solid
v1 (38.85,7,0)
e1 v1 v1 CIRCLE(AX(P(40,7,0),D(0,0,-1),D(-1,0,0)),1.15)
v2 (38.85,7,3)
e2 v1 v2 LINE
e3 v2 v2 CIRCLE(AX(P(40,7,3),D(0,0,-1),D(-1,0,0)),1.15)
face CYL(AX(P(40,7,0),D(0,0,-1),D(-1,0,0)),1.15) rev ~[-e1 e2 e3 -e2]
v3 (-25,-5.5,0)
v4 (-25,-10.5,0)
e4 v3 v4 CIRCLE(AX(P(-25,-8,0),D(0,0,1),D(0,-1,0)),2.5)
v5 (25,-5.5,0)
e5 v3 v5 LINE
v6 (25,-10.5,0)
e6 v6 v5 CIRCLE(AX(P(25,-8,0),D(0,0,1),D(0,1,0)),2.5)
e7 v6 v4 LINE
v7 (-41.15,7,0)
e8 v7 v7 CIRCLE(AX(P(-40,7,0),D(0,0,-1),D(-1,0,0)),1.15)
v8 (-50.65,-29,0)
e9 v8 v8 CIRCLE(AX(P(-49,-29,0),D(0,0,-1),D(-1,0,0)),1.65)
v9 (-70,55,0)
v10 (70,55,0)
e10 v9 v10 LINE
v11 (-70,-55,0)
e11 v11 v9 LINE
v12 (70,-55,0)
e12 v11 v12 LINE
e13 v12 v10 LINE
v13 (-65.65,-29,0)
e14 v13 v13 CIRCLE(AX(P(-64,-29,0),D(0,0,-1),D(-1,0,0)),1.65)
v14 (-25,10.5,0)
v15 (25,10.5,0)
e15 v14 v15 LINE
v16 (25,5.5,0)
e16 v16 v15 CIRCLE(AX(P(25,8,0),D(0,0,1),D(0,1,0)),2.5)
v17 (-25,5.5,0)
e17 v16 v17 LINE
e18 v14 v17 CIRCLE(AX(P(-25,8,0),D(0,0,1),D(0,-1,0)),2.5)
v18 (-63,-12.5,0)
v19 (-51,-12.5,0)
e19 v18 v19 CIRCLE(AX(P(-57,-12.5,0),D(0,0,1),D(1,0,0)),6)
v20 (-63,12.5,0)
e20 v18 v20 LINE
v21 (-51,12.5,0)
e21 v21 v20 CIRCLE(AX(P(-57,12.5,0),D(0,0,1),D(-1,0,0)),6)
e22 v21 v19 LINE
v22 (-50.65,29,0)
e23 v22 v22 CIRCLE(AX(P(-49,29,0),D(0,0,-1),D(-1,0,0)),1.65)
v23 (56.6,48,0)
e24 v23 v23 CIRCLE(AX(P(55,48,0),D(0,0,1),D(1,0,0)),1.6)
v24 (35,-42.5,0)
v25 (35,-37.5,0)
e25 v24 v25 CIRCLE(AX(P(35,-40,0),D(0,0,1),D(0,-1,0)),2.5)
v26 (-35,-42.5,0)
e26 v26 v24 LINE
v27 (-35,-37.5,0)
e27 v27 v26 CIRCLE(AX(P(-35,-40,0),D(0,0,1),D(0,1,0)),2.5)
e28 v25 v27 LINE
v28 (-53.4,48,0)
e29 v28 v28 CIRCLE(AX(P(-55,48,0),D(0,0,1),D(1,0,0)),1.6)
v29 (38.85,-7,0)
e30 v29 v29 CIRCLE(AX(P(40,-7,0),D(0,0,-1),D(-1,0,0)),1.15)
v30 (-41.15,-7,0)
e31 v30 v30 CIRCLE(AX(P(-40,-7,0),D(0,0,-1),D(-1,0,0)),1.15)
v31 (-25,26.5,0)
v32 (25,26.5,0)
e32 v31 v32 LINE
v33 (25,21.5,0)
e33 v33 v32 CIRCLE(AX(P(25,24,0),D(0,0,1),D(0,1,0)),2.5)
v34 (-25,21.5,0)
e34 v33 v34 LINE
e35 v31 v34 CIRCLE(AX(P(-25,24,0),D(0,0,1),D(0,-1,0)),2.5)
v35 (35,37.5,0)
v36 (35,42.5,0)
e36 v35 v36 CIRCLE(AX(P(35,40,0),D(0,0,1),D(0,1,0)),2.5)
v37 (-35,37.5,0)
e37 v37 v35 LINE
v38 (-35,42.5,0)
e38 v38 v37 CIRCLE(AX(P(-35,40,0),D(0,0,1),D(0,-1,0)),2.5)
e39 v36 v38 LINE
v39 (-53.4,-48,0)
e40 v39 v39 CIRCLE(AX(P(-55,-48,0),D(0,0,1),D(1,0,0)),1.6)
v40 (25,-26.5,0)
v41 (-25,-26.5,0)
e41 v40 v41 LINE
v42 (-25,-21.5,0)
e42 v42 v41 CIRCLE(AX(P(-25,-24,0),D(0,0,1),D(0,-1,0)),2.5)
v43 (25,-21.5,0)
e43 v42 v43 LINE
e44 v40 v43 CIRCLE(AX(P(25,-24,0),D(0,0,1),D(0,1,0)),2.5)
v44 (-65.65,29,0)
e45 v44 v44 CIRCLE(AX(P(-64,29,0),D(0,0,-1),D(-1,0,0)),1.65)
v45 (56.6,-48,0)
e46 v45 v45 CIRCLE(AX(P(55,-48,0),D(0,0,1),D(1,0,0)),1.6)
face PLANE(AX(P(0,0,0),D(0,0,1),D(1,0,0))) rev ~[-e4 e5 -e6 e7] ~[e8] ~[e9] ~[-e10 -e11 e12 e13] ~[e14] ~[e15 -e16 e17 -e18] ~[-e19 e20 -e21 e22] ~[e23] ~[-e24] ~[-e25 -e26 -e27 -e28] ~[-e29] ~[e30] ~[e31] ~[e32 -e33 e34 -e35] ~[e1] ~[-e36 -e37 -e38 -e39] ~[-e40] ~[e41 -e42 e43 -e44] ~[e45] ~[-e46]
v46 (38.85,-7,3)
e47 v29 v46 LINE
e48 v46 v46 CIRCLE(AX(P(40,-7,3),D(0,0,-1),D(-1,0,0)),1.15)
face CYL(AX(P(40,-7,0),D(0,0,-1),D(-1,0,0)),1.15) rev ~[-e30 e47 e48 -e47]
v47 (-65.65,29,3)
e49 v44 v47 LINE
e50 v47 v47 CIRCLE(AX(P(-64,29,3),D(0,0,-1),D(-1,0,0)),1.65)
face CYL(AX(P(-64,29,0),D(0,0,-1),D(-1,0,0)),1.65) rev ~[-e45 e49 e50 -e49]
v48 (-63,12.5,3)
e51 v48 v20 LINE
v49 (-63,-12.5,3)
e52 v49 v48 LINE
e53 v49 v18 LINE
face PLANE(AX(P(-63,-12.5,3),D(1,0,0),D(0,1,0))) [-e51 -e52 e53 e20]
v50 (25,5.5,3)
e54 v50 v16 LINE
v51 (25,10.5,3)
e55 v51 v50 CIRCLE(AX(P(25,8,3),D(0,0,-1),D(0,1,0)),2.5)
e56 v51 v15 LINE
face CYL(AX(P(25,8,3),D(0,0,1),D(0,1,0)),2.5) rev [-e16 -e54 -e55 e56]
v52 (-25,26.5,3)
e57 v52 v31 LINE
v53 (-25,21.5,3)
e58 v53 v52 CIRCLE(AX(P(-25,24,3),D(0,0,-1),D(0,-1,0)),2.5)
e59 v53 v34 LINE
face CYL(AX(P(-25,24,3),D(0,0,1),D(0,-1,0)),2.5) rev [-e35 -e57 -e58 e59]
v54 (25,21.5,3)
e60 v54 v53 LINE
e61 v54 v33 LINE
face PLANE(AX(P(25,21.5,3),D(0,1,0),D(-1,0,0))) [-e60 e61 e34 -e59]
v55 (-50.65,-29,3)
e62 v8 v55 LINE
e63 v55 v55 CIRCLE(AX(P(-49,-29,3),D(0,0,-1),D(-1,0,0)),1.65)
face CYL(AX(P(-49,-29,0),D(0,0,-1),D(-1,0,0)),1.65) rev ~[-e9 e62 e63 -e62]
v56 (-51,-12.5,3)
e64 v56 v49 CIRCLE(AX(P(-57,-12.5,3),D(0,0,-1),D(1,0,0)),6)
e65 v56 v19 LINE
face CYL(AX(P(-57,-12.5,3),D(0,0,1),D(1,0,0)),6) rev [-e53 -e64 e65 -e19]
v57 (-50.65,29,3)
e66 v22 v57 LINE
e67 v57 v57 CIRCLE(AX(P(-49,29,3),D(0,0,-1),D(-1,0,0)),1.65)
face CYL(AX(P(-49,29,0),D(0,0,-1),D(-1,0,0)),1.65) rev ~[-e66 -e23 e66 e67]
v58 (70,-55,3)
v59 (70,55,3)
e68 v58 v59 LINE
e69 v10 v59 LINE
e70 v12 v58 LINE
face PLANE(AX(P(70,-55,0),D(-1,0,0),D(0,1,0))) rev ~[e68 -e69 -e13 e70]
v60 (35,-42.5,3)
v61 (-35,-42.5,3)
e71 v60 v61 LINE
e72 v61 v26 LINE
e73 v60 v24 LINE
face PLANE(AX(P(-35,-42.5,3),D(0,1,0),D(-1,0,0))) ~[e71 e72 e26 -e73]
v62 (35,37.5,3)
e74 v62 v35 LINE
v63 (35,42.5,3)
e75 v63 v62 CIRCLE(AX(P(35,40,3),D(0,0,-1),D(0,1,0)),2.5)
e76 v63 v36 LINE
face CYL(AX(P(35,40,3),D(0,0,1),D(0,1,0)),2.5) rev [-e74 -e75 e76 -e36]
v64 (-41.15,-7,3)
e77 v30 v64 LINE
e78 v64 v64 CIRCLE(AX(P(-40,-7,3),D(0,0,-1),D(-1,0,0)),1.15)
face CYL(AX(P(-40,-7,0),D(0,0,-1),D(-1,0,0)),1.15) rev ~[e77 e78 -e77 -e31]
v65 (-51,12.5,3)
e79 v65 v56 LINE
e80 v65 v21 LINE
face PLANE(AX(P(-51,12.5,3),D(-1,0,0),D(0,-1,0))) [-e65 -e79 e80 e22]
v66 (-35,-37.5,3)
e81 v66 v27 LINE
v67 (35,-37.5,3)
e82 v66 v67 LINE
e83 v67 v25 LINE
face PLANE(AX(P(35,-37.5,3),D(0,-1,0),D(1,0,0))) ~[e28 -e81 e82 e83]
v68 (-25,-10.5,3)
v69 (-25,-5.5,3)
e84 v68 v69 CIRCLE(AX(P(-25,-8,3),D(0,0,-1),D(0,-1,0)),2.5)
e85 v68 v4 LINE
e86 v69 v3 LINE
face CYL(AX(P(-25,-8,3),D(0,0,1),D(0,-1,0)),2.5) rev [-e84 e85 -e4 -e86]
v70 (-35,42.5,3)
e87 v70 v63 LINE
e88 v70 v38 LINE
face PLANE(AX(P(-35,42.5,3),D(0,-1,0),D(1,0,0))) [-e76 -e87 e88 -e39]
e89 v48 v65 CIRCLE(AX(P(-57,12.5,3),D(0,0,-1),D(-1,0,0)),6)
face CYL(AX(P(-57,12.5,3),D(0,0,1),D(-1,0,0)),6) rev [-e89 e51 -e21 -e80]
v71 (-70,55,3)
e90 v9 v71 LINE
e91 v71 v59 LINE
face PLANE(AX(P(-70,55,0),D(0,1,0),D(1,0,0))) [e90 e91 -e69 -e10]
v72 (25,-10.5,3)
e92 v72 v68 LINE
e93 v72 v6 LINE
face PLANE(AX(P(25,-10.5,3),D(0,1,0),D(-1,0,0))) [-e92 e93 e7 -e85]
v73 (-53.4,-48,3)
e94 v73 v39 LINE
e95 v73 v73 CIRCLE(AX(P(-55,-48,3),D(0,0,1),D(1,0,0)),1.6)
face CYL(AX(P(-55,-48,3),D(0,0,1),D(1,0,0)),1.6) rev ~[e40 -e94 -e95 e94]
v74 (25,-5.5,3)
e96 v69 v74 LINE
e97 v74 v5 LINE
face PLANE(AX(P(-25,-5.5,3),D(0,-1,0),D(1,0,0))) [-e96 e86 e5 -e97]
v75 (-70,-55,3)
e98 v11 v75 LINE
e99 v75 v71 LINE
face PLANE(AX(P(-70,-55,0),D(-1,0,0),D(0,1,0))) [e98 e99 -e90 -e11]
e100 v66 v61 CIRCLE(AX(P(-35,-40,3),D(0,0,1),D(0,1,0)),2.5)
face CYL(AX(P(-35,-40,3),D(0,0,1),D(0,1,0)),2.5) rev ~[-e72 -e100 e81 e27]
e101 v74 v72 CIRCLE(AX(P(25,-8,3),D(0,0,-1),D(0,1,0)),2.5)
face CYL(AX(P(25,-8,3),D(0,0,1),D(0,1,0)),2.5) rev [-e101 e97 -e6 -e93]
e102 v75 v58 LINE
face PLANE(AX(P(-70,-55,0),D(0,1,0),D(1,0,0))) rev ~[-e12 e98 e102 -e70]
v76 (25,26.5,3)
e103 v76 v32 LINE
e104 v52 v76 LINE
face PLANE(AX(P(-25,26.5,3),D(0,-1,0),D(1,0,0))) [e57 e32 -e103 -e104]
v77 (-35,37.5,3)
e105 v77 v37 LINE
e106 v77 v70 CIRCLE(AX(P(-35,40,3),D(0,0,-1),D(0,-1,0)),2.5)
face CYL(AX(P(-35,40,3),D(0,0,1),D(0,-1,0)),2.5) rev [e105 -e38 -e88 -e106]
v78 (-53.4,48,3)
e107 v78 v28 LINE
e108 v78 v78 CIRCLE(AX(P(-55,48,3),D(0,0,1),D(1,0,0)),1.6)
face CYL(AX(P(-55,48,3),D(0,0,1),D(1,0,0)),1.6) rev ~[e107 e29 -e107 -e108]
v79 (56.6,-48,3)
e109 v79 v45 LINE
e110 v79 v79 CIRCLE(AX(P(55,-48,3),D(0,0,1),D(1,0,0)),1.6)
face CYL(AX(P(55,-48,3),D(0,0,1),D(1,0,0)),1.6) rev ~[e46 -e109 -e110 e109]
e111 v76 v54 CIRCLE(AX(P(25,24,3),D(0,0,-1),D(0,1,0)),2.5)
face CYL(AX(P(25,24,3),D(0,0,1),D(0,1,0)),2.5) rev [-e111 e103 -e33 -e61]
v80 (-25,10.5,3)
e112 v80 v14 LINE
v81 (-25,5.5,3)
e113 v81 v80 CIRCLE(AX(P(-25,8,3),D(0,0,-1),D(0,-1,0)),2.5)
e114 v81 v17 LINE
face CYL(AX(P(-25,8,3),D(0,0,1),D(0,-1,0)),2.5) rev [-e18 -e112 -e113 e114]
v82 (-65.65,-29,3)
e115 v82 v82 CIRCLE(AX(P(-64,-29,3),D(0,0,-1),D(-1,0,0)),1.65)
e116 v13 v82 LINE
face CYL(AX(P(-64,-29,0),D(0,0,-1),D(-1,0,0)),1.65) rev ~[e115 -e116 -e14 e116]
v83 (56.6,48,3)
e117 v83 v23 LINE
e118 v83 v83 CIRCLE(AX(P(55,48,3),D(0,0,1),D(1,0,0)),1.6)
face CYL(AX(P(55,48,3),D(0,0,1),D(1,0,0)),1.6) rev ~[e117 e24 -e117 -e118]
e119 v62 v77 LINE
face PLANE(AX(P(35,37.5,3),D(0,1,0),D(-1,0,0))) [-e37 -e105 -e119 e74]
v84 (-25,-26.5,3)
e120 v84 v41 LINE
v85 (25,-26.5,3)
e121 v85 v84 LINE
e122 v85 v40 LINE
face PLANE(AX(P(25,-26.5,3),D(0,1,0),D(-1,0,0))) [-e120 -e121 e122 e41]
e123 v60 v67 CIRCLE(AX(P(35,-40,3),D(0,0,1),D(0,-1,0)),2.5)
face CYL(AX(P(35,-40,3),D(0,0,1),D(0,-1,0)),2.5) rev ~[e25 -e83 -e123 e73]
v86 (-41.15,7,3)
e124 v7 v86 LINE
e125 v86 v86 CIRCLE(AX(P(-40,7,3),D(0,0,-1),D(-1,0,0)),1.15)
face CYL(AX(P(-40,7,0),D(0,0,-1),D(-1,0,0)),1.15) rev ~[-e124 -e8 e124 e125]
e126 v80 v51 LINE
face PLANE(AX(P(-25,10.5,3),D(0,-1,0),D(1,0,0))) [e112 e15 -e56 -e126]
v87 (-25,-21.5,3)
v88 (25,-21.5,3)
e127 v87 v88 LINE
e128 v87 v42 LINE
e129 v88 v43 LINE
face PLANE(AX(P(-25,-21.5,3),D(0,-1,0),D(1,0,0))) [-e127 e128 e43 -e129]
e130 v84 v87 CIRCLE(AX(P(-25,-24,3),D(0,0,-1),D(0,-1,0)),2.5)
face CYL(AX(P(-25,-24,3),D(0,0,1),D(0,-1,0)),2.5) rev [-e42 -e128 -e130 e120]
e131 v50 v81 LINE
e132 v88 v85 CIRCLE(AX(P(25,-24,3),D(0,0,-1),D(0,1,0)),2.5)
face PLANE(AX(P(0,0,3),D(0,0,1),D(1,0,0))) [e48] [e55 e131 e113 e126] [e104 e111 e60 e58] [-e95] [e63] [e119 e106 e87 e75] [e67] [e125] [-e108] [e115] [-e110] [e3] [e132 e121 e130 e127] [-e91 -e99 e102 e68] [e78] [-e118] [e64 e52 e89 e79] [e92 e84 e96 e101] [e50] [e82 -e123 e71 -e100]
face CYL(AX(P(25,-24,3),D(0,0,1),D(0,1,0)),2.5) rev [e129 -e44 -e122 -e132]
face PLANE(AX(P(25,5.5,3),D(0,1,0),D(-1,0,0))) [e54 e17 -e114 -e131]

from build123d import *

# Parameters (mm, degrees)
SKETCH_1_W          = 140
SKETCH_1_H          = 110
EXTRUDE_1_DEPTH     = 3
SKETCH_2_R          = 1.65
CUT_EXTRUDE_1_DEPTH = 90.073003767
SKETCH_3_R          = 1.15
CUT_EXTRUDE_2_DEPTH = 90.073003767
CUT_EXTRUDE_3_DEPTH = 10
CUT_EXTRUDE_4_DEPTH = 10
CUT_EXTRUDE_5_DEPTH = 10
SKETCH_8_R          = 1.6
CUT_EXTRUDE_6_DEPTH = 10


with BuildPart() as part:
    # 草图1 → 凸台-拉伸1 (new body)
    with BuildSketch(Plane.XY):
        Rectangle(SKETCH_1_W, SKETCH_1_H)
    extrude(amount=EXTRUDE_1_DEPTH)

    # 草图2 → 切除-拉伸1 (cut, through all)
    with BuildSketch(Plane(origin=(0, 0, 0), x_dir=(-1, 0, 0), z_dir=(0, 0, -1))):
        with Locations((64, 29)):
            Circle(SKETCH_2_R)
        with Locations((64, -29)):
            Circle(SKETCH_2_R)
        with Locations((49, 29)):
            Circle(SKETCH_2_R)
        with Locations((49, -29)):
            Circle(SKETCH_2_R)
    extrude(amount=-CUT_EXTRUDE_1_DEPTH, mode=Mode.SUBTRACT)

    # 草图3 → 切除-拉伸2 (cut, through all)
    with BuildSketch(Plane(origin=(0, 0, 0), x_dir=(-1, 0, 0), z_dir=(0, 0, -1))):
        with Locations((-40, 7)):
            Circle(SKETCH_3_R)
        with Locations((-40, -7)):
            Circle(SKETCH_3_R)
        with Locations((40, 7)):
            Circle(SKETCH_3_R)
        with Locations((40, -7)):
            Circle(SKETCH_3_R)
    extrude(amount=-CUT_EXTRUDE_2_DEPTH, mode=Mode.SUBTRACT)

    # 草图4 → 切除-拉伸3 (cut)
    with BuildSketch(Plane.XY.offset(3)):
        with BuildLine():
            Line((-25, 42.5), (25, 42.5))
            ThreePointArc((25, 42.5), (27.5, 40), (25, 37.5))
            Line((25, 37.5), (-25, 37.5))
            ThreePointArc((-25, 37.5), (-27.5, 40), (-25, 42.5))
        make_face()
        with BuildLine():
            Line((-25, 26.5), (25, 26.5))
            ThreePointArc((25, 26.5), (27.5, 24), (25, 21.5))
            Line((25, 21.5), (-25, 21.5))
            ThreePointArc((-25, 21.5), (-27.5, 24), (-25, 26.5))
        make_face()
        with BuildLine():
            Line((-25, 10.5), (25, 10.5))
            ThreePointArc((25, 10.5), (27.5, 8), (25, 5.5))
            Line((25, 5.5), (-25, 5.5))
            ThreePointArc((-25, 5.5), (-27.5, 8), (-25, 10.5))
        make_face()
        with BuildLine():
            Line((-25, -5.5), (25, -5.5))
            ThreePointArc((25, -5.5), (27.5, -8), (25, -10.5))
            Line((25, -10.5), (-25, -10.5))
            ThreePointArc((-25, -10.5), (-27.5, -8), (-25, -5.5))
        make_face()
        with BuildLine():
            Line((-25, -21.5), (25, -21.5))
            ThreePointArc((25, -21.5), (27.5, -24), (25, -26.5))
            Line((25, -26.5), (-25, -26.5))
            ThreePointArc((-25, -26.5), (-27.5, -24), (-25, -21.5))
        make_face()
        with BuildLine():
            Line((-25, -37.5), (25, -37.5))
            ThreePointArc((25, -37.5), (27.5, -40), (25, -42.5))
            Line((25, -42.5), (-25, -42.5))
            ThreePointArc((-25, -42.5), (-27.5, -40), (-25, -37.5))
        make_face()
    extrude(amount=-CUT_EXTRUDE_3_DEPTH, mode=Mode.SUBTRACT)

    # 草图5 → 切除-拉伸4 (cut)
    with BuildSketch(Plane.XY.offset(3)):
        with BuildLine():
            Line((-35, 42.5), (35, 42.5))
            ThreePointArc((35, 42.5), (37.5, 40), (35, 37.5))
            Line((35, 37.5), (-35, 37.5))
            ThreePointArc((-35, 37.5), (-37.5, 40), (-35, 42.5))
        make_face()
    cut_extrude_4 = extrude(amount=-CUT_EXTRUDE_4_DEPTH, mode=Mode.SUBTRACT)

    # 镜向1: 切除-拉伸4 across plane
    add(cut_extrude_4.mirror(Plane.ZX), mode=Mode.SUBTRACT)

    # 草图7 → 切除-拉伸5 (cut)
    with BuildSketch(Plane.XY.offset(3)):
        with BuildLine():
            Line((-63, -12.5), (-63, 12.5))
            ThreePointArc((-63, 12.5), (-57, 18.5), (-51, 12.5))
            Line((-51, 12.5), (-51, -12.5))
            ThreePointArc((-51, -12.5), (-57, -18.5), (-63, -12.5))
        make_face()
    extrude(amount=-CUT_EXTRUDE_5_DEPTH, mode=Mode.SUBTRACT)

    # 草图8 → 切除-拉伸6 (cut)
    with BuildSketch(Plane.XY.offset(3)):
        with Locations((55, -48)):
            Circle(SKETCH_8_R)
        with Locations((-55, -48)):
            Circle(SKETCH_8_R)
        with Locations((-55, 48)):
            Circle(SKETCH_8_R)
        with Locations((55, 48)):
            Circle(SKETCH_8_R)
    extrude(amount=-CUT_EXTRUDE_6_DEPTH, mode=Mode.SUBTRACT)


solid = part.part
